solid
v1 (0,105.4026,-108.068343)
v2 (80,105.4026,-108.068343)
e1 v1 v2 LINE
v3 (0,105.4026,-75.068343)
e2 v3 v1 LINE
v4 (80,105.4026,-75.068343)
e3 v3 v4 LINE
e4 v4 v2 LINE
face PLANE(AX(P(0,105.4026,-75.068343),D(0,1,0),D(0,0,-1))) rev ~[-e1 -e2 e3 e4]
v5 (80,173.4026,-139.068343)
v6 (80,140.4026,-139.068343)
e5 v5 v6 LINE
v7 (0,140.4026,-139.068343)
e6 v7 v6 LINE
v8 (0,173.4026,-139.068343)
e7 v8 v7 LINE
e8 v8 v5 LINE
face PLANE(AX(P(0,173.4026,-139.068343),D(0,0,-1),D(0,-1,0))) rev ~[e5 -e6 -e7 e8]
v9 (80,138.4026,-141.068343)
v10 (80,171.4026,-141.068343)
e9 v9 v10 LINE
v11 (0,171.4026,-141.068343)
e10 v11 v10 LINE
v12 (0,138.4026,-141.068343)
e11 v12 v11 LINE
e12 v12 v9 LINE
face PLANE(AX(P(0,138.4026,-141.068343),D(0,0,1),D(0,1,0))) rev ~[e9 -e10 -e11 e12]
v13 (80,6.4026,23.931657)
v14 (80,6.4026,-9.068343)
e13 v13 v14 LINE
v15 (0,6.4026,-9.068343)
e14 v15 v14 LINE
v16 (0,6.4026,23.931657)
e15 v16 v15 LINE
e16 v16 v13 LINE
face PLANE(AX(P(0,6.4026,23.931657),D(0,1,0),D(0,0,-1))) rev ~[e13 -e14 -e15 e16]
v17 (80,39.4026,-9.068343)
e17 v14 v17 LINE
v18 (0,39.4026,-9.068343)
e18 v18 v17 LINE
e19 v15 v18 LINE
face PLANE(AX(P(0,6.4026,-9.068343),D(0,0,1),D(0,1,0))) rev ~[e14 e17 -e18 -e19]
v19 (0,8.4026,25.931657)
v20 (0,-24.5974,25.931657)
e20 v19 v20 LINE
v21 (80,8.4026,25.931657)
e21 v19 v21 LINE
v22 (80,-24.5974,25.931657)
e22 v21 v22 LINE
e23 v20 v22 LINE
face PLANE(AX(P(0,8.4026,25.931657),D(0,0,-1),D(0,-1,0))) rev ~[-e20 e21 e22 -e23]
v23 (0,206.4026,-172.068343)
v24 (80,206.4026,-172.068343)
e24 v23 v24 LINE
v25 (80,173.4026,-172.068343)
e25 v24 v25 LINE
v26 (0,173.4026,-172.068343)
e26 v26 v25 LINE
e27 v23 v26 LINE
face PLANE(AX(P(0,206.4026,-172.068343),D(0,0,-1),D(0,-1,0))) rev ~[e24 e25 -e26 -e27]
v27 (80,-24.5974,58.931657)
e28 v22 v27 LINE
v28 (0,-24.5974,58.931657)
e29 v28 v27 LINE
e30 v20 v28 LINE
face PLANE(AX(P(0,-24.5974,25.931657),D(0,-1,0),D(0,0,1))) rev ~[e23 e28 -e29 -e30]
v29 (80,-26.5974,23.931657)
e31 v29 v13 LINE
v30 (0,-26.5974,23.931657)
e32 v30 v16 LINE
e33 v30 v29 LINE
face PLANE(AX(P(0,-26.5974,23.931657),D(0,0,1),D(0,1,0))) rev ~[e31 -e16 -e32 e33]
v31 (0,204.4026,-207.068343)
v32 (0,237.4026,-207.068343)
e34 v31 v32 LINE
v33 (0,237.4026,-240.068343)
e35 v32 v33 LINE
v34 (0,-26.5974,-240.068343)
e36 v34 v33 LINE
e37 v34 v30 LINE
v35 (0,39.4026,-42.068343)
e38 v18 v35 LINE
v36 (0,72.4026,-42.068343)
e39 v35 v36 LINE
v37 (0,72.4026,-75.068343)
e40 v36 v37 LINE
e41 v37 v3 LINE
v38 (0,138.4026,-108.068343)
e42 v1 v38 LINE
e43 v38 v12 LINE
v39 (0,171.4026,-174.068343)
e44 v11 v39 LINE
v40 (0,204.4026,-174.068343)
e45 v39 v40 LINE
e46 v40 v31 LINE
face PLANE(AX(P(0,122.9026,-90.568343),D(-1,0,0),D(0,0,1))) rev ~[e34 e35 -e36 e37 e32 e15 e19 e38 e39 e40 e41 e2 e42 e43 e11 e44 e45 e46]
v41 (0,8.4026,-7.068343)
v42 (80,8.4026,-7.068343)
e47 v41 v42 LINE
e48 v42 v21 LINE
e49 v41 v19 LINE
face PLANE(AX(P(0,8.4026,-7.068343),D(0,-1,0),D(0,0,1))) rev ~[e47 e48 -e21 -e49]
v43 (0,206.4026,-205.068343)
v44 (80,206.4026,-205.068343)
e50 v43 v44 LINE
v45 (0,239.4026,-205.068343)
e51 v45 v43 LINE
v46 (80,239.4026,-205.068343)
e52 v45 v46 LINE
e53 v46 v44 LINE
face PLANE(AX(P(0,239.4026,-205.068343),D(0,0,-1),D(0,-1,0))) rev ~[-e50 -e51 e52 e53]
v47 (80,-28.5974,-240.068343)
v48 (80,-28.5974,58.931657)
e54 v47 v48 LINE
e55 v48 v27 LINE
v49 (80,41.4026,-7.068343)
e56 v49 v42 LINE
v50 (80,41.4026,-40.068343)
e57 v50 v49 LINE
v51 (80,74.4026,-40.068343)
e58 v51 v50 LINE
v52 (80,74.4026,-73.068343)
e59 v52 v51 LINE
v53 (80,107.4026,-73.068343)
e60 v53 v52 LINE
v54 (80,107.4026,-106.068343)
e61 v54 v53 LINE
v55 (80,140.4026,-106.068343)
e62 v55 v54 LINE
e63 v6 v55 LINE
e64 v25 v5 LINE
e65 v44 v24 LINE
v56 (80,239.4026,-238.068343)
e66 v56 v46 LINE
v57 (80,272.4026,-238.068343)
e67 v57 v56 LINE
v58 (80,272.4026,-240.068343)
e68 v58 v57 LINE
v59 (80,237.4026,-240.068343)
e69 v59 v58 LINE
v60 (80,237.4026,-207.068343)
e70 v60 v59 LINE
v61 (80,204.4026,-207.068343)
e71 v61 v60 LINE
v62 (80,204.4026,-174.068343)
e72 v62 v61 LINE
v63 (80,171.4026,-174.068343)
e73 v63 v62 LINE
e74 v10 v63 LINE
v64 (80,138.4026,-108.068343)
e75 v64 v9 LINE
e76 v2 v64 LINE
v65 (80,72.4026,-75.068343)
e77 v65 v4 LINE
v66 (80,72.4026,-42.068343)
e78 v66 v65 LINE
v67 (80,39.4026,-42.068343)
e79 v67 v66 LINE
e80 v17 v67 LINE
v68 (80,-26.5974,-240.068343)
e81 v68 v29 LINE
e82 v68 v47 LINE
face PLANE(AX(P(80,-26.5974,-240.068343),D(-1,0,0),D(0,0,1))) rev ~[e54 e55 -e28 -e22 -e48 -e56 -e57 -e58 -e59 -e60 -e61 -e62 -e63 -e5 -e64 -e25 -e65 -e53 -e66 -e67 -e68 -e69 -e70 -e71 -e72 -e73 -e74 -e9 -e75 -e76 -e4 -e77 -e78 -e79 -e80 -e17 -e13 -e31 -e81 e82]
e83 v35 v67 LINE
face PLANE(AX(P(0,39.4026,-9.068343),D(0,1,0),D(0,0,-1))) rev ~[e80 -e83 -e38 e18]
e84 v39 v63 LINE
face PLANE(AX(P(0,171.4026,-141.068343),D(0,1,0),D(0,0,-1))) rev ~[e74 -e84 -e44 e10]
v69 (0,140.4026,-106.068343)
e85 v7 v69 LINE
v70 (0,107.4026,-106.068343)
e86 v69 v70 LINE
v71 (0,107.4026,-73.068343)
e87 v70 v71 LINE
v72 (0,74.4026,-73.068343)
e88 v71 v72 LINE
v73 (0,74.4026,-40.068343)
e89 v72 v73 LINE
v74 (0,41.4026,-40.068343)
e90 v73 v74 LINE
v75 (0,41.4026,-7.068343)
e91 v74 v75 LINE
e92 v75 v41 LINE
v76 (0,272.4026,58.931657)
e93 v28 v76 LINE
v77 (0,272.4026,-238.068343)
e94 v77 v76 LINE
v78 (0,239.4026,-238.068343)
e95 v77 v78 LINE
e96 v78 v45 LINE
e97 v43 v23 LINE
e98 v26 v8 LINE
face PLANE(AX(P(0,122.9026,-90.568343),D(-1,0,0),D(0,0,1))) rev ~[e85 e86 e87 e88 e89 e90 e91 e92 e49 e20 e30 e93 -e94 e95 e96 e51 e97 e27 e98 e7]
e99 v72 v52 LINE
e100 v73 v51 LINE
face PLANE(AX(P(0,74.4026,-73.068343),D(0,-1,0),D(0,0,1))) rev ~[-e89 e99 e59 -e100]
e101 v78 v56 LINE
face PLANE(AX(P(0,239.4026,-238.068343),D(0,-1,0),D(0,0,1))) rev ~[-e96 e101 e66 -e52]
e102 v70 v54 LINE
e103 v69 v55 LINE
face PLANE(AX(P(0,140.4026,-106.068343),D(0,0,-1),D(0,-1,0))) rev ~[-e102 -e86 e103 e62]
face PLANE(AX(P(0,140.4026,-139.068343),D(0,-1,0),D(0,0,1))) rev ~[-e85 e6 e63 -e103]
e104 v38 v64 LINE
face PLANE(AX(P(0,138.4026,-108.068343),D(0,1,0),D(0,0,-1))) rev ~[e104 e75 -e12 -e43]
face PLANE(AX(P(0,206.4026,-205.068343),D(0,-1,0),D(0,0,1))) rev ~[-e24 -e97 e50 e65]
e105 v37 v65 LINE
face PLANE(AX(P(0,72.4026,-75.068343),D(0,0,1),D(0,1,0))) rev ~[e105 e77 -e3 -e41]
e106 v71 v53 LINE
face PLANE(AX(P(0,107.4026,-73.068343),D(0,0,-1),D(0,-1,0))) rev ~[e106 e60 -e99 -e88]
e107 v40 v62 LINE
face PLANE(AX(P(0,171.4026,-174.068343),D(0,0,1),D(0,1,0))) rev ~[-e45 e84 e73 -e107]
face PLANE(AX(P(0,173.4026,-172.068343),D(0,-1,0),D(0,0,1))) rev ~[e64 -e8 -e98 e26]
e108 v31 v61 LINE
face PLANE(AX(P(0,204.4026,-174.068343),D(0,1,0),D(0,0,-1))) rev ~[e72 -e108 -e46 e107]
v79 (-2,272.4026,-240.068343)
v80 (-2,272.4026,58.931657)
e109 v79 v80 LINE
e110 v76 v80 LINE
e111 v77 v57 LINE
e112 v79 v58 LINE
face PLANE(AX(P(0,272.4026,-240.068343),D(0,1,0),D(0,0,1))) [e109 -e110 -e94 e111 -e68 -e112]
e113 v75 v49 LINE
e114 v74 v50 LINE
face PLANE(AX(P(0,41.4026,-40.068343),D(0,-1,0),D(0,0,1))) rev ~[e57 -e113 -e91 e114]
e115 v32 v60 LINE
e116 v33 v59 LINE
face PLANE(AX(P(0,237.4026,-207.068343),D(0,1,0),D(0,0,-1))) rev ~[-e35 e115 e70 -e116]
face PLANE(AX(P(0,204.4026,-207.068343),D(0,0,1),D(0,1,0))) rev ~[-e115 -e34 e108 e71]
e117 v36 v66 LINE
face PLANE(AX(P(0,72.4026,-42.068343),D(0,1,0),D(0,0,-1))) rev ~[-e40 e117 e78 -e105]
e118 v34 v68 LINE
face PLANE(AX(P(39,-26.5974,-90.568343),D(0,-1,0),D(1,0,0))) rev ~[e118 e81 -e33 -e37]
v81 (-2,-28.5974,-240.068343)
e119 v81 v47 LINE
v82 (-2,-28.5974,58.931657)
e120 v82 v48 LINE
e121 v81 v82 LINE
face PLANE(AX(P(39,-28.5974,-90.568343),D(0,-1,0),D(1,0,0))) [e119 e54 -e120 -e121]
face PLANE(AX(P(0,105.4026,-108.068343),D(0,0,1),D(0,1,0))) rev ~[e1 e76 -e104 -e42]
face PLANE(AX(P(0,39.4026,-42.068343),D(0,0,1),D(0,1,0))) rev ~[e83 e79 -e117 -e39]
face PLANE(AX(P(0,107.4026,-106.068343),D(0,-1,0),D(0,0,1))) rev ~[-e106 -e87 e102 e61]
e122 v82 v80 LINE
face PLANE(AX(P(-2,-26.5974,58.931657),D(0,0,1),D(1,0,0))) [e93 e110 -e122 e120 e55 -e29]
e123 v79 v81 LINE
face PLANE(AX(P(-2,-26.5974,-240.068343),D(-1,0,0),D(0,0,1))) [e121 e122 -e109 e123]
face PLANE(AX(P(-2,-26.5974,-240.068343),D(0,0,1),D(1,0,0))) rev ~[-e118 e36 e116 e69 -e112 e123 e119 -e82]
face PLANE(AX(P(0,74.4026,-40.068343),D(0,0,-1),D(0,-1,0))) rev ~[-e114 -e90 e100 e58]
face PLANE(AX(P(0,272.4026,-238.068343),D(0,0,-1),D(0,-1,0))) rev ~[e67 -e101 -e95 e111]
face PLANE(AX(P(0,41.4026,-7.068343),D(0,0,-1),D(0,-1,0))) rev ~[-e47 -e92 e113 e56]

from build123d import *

# Parameters (mm, degrees)
BOSS_EXTRUDE1_DEPTH = 80
SKETCH3_W           = 299
SKETCH3_H           = 299
BOSS_EXTRUDE2_DEPTH = 2
SKETCH4_W           = 82
SKETCH4_H           = 299
BOSS_EXTRUDE3_DEPTH = 2


with BuildPart() as part:
    # Sketch1 → Boss-Extrude1 (new body)
    with BuildSketch(Plane(origin=(0, 0, 0), x_dir=(0, 0, -1), z_dir=(1, 0, 0))):
        Polygon((-23.931657395, -26.597399746), (-23.931657395, 6.402600254), (9.068342605, 6.402600254), (9.068342605, 39.402600254), (42.068342605, 39.402600254), (42.068342605, 72.402600254), (75.068342605, 72.402600254), (75.068342605, 105.402600254), (108.068342605, 105.402600254), (108.068342605, 138.402600254), (141.068342605, 138.402600254), (141.068342605, 171.402600254), (174.068342605, 171.402600254), (174.068342605, 204.402600254), (207.068342605, 204.402600254), (207.068342605, 237.402600254), (240.068342605, 237.402600254), (240.068342605, 272.402600254), (238.068342605, 272.402600254), (238.068342605, 239.402600254), (205.068342605, 239.402600254), (205.068342605, 206.402600254), (172.068342605, 206.402600254), (172.068342605, 173.402600254), (139.068342605, 173.402600254), (139.068342605, 140.402600254), (106.068342605, 140.402600254), (106.068342605, 107.402600254), (73.068342605, 107.402600254), (73.068342605, 74.402600254), (40.068342605, 74.402600254), (40.068342605, 41.402600254), (7.068342605, 41.402600254), (7.068342605, 8.402600254), (-25.931657395, 8.402600254), (-25.931657395, -24.597399746), (-58.931657395, -24.597399746), (-58.931657395, -26.597399746), align=None)
    extrude(amount=BOSS_EXTRUDE1_DEPTH)

    # Sketch3 → Boss-Extrude2 (add)
    with BuildSketch(Plane.ZY):
        with Locations((-90.568342605, 122.902600254)):
            Rectangle(SKETCH3_W, SKETCH3_H)
    extrude(amount=BOSS_EXTRUDE2_DEPTH)

    # Sketch4 → Boss-Extrude3 (add)
    with BuildSketch(Plane.XZ.offset(26.597399746)):
        with Locations((39, -90.568342605)):
            Rectangle(SKETCH4_W, SKETCH4_H)
    extrude(amount=BOSS_EXTRUDE3_DEPTH)


solid = part.part
